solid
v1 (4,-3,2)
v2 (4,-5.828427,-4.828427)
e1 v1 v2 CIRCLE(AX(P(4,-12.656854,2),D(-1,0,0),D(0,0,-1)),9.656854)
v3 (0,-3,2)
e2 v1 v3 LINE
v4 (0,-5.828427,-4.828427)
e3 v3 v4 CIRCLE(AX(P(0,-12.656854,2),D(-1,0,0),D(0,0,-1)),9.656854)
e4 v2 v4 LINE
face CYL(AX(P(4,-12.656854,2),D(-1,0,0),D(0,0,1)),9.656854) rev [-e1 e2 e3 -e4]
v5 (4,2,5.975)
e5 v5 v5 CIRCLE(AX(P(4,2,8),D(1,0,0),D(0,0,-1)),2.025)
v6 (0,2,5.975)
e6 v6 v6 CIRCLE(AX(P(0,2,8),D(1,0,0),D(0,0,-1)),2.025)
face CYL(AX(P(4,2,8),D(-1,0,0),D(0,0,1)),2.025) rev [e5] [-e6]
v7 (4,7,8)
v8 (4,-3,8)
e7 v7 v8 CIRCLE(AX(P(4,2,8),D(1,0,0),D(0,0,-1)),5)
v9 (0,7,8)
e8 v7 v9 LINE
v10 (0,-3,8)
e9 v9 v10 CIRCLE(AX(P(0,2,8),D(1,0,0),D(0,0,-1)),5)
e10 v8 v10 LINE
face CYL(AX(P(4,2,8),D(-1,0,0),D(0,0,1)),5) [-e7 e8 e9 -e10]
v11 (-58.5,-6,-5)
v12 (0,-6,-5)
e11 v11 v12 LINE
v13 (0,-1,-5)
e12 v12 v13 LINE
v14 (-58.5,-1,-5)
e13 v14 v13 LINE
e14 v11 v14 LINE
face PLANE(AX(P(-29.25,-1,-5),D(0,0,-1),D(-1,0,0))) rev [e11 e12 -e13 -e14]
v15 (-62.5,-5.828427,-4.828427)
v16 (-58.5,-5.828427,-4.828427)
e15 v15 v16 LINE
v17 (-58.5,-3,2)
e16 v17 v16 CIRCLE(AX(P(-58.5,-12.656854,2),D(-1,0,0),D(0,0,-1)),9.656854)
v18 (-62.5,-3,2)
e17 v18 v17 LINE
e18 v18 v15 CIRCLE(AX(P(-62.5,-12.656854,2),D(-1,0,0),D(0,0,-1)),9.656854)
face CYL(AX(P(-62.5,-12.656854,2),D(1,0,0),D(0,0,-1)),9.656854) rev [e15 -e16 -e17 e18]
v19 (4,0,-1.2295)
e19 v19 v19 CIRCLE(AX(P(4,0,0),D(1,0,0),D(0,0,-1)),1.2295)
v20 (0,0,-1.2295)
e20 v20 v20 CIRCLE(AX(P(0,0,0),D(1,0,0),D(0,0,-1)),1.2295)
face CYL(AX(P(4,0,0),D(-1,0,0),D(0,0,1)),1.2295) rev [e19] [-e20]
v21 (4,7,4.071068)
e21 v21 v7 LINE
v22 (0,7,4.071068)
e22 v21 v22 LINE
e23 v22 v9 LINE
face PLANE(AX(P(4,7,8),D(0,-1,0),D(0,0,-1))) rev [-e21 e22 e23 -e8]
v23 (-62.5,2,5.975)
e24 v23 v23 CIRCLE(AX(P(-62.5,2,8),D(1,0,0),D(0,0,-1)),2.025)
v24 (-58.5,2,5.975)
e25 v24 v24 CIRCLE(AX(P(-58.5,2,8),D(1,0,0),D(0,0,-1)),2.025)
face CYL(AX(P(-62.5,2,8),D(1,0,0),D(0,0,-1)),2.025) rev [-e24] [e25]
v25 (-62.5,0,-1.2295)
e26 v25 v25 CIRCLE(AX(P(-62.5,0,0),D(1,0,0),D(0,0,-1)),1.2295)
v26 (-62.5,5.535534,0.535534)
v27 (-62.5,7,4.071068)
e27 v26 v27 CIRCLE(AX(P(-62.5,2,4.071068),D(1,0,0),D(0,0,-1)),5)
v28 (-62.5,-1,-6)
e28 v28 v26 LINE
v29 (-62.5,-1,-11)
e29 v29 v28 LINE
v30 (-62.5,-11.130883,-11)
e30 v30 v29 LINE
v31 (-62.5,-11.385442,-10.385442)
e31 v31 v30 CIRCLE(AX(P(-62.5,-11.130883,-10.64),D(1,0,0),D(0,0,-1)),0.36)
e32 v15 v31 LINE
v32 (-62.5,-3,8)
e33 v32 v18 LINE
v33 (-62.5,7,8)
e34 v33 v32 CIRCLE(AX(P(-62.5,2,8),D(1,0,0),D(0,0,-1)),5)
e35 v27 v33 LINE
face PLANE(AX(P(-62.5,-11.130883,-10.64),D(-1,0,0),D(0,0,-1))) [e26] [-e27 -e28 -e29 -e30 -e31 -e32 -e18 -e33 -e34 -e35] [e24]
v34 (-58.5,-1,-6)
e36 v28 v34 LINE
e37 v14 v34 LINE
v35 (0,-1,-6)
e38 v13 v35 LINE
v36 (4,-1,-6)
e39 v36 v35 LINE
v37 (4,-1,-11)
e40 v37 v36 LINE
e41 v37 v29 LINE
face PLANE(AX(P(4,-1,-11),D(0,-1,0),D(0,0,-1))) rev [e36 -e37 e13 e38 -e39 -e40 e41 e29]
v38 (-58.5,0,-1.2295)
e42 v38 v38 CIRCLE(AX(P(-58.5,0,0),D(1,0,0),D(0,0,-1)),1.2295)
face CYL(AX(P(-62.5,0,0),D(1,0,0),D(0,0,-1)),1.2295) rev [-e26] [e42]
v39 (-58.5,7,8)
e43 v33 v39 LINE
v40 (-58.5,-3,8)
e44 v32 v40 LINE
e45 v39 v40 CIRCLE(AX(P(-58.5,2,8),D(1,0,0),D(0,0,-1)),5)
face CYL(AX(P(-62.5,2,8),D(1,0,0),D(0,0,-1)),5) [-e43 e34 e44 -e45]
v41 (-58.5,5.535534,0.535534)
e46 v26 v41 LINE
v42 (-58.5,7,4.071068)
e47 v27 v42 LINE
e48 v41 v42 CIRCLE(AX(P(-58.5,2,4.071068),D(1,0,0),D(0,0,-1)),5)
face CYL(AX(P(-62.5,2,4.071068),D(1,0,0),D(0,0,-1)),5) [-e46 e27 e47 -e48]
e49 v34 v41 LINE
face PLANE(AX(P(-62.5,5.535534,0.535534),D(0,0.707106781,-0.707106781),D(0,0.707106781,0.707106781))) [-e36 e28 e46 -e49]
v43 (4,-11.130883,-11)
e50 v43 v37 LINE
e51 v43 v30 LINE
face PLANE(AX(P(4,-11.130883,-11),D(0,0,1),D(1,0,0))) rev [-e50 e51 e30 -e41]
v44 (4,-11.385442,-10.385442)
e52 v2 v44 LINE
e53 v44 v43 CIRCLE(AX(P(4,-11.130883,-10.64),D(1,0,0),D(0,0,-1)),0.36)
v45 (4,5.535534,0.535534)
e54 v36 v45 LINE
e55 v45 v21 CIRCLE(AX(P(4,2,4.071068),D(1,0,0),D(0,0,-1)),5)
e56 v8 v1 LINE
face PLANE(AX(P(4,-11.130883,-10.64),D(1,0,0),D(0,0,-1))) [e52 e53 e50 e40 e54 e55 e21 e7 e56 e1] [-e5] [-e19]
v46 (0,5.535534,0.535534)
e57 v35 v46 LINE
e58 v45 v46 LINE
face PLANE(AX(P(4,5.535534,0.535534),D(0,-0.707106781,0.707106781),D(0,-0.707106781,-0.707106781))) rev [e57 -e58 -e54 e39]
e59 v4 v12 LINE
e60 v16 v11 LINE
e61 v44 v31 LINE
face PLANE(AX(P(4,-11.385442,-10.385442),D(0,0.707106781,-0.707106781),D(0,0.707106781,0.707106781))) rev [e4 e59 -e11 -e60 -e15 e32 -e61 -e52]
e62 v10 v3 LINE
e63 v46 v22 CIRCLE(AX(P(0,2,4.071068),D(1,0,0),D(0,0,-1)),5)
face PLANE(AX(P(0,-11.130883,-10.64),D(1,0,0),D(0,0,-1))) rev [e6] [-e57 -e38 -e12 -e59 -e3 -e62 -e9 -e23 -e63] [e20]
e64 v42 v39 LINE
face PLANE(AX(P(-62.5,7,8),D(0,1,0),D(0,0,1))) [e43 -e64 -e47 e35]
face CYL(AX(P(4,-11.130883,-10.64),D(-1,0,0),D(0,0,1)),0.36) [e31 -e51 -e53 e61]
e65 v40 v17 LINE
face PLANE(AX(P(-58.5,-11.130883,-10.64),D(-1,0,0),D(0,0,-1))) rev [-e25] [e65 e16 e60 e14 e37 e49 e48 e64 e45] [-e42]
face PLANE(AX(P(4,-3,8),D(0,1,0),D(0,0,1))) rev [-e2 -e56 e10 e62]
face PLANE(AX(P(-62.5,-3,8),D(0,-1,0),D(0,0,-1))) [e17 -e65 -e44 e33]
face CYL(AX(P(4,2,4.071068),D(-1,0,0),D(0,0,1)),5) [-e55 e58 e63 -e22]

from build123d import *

# Parameters (mm, degrees)
SKETCH1_R           = 2.025
SKETCH1_R_2         = 1.2295
BOSS_EXTRUDE1_DEPTH = 4
BOSS_EXTRUDE3_START = 29.25
BOSS_EXTRUDE3_DEPTH = 29.25


with BuildPart() as part:
    # Sketch1 → Boss-Extrude1 (new body)
    with BuildSketch(Plane.YZ):
        with BuildLine():
            Line((-11.385441559, -10.385441559), (-5.828427125, -4.828427125))
            ThreePointArc((-5.828427125, -4.828427125), (-3.73508426, -1.69551813), (-3, 2))
            Line((-3, 2), (-3, 8))
            ThreePointArc((-3, 8), (2, 13), (7, 8))
            Line((7, 8), (7, 4.071067812))
            ThreePointArc((7, 4.071067812), (6.619397663, 2.15765065), (5.535533906, 0.535533906))
            Line((5.535533906, 0.535533906), (-1, -6))
            Line((-1, -6), (-1, -11))
            Line((-1, -11), (-11.130883118, -11))
            ThreePointArc((-11.130883118, -11), (-11.463479749, -10.777766036), (-11.385441559, -10.385441559))
        make_face()
        with Locations(Location((2, 8, 0), (0, 0, 270))):
            Circle(SKETCH1_R, mode=Mode.SUBTRACT)
        with Locations(Location((0, 0, 0), (0, 0, 270))):
            Circle(SKETCH1_R_2, mode=Mode.SUBTRACT)
    boss_extrude1 = extrude(amount=BOSS_EXTRUDE1_DEPTH)

    # Sketch4 → Boss-Extrude3 (add)
    with BuildSketch(Plane(origin=(0, 0, 0), x_dir=(0, -1, 0), z_dir=(-1, 0, 0)).offset(BOSS_EXTRUDE3_START)):
        with BuildLine():
            Line((1, -6), (1, -11))
            Line((1, -11), (11.130883118, -11))
            ThreePointArc((11.130883118, -11), (11.463479749, -10.777766036), (11.385441559, -10.385441559))
            Line((11.385441559, -10.385441559), (7, -6))
            Line((7, -6), (6, -5))
            Line((6, -5), (1, -5))
            Line((1, -5), (1, -6))
        make_face()
    boss_extrude3 = extrude(amount=-BOSS_EXTRUDE3_DEPTH)

    # Mirror8: Boss-Extrude3 across plane
    add(boss_extrude3.mirror(Plane(origin=(-29.25, 0, 0), x_dir=(0, 0, 1), z_dir=(1, 0, 0))))

    # Mirror9: Boss-Extrude1 across plane
    add(boss_extrude1.mirror(Plane(origin=(-29.25, 0, 0), x_dir=(0, 0, 1), z_dir=(1, 0, 0))))


solid = part.part
